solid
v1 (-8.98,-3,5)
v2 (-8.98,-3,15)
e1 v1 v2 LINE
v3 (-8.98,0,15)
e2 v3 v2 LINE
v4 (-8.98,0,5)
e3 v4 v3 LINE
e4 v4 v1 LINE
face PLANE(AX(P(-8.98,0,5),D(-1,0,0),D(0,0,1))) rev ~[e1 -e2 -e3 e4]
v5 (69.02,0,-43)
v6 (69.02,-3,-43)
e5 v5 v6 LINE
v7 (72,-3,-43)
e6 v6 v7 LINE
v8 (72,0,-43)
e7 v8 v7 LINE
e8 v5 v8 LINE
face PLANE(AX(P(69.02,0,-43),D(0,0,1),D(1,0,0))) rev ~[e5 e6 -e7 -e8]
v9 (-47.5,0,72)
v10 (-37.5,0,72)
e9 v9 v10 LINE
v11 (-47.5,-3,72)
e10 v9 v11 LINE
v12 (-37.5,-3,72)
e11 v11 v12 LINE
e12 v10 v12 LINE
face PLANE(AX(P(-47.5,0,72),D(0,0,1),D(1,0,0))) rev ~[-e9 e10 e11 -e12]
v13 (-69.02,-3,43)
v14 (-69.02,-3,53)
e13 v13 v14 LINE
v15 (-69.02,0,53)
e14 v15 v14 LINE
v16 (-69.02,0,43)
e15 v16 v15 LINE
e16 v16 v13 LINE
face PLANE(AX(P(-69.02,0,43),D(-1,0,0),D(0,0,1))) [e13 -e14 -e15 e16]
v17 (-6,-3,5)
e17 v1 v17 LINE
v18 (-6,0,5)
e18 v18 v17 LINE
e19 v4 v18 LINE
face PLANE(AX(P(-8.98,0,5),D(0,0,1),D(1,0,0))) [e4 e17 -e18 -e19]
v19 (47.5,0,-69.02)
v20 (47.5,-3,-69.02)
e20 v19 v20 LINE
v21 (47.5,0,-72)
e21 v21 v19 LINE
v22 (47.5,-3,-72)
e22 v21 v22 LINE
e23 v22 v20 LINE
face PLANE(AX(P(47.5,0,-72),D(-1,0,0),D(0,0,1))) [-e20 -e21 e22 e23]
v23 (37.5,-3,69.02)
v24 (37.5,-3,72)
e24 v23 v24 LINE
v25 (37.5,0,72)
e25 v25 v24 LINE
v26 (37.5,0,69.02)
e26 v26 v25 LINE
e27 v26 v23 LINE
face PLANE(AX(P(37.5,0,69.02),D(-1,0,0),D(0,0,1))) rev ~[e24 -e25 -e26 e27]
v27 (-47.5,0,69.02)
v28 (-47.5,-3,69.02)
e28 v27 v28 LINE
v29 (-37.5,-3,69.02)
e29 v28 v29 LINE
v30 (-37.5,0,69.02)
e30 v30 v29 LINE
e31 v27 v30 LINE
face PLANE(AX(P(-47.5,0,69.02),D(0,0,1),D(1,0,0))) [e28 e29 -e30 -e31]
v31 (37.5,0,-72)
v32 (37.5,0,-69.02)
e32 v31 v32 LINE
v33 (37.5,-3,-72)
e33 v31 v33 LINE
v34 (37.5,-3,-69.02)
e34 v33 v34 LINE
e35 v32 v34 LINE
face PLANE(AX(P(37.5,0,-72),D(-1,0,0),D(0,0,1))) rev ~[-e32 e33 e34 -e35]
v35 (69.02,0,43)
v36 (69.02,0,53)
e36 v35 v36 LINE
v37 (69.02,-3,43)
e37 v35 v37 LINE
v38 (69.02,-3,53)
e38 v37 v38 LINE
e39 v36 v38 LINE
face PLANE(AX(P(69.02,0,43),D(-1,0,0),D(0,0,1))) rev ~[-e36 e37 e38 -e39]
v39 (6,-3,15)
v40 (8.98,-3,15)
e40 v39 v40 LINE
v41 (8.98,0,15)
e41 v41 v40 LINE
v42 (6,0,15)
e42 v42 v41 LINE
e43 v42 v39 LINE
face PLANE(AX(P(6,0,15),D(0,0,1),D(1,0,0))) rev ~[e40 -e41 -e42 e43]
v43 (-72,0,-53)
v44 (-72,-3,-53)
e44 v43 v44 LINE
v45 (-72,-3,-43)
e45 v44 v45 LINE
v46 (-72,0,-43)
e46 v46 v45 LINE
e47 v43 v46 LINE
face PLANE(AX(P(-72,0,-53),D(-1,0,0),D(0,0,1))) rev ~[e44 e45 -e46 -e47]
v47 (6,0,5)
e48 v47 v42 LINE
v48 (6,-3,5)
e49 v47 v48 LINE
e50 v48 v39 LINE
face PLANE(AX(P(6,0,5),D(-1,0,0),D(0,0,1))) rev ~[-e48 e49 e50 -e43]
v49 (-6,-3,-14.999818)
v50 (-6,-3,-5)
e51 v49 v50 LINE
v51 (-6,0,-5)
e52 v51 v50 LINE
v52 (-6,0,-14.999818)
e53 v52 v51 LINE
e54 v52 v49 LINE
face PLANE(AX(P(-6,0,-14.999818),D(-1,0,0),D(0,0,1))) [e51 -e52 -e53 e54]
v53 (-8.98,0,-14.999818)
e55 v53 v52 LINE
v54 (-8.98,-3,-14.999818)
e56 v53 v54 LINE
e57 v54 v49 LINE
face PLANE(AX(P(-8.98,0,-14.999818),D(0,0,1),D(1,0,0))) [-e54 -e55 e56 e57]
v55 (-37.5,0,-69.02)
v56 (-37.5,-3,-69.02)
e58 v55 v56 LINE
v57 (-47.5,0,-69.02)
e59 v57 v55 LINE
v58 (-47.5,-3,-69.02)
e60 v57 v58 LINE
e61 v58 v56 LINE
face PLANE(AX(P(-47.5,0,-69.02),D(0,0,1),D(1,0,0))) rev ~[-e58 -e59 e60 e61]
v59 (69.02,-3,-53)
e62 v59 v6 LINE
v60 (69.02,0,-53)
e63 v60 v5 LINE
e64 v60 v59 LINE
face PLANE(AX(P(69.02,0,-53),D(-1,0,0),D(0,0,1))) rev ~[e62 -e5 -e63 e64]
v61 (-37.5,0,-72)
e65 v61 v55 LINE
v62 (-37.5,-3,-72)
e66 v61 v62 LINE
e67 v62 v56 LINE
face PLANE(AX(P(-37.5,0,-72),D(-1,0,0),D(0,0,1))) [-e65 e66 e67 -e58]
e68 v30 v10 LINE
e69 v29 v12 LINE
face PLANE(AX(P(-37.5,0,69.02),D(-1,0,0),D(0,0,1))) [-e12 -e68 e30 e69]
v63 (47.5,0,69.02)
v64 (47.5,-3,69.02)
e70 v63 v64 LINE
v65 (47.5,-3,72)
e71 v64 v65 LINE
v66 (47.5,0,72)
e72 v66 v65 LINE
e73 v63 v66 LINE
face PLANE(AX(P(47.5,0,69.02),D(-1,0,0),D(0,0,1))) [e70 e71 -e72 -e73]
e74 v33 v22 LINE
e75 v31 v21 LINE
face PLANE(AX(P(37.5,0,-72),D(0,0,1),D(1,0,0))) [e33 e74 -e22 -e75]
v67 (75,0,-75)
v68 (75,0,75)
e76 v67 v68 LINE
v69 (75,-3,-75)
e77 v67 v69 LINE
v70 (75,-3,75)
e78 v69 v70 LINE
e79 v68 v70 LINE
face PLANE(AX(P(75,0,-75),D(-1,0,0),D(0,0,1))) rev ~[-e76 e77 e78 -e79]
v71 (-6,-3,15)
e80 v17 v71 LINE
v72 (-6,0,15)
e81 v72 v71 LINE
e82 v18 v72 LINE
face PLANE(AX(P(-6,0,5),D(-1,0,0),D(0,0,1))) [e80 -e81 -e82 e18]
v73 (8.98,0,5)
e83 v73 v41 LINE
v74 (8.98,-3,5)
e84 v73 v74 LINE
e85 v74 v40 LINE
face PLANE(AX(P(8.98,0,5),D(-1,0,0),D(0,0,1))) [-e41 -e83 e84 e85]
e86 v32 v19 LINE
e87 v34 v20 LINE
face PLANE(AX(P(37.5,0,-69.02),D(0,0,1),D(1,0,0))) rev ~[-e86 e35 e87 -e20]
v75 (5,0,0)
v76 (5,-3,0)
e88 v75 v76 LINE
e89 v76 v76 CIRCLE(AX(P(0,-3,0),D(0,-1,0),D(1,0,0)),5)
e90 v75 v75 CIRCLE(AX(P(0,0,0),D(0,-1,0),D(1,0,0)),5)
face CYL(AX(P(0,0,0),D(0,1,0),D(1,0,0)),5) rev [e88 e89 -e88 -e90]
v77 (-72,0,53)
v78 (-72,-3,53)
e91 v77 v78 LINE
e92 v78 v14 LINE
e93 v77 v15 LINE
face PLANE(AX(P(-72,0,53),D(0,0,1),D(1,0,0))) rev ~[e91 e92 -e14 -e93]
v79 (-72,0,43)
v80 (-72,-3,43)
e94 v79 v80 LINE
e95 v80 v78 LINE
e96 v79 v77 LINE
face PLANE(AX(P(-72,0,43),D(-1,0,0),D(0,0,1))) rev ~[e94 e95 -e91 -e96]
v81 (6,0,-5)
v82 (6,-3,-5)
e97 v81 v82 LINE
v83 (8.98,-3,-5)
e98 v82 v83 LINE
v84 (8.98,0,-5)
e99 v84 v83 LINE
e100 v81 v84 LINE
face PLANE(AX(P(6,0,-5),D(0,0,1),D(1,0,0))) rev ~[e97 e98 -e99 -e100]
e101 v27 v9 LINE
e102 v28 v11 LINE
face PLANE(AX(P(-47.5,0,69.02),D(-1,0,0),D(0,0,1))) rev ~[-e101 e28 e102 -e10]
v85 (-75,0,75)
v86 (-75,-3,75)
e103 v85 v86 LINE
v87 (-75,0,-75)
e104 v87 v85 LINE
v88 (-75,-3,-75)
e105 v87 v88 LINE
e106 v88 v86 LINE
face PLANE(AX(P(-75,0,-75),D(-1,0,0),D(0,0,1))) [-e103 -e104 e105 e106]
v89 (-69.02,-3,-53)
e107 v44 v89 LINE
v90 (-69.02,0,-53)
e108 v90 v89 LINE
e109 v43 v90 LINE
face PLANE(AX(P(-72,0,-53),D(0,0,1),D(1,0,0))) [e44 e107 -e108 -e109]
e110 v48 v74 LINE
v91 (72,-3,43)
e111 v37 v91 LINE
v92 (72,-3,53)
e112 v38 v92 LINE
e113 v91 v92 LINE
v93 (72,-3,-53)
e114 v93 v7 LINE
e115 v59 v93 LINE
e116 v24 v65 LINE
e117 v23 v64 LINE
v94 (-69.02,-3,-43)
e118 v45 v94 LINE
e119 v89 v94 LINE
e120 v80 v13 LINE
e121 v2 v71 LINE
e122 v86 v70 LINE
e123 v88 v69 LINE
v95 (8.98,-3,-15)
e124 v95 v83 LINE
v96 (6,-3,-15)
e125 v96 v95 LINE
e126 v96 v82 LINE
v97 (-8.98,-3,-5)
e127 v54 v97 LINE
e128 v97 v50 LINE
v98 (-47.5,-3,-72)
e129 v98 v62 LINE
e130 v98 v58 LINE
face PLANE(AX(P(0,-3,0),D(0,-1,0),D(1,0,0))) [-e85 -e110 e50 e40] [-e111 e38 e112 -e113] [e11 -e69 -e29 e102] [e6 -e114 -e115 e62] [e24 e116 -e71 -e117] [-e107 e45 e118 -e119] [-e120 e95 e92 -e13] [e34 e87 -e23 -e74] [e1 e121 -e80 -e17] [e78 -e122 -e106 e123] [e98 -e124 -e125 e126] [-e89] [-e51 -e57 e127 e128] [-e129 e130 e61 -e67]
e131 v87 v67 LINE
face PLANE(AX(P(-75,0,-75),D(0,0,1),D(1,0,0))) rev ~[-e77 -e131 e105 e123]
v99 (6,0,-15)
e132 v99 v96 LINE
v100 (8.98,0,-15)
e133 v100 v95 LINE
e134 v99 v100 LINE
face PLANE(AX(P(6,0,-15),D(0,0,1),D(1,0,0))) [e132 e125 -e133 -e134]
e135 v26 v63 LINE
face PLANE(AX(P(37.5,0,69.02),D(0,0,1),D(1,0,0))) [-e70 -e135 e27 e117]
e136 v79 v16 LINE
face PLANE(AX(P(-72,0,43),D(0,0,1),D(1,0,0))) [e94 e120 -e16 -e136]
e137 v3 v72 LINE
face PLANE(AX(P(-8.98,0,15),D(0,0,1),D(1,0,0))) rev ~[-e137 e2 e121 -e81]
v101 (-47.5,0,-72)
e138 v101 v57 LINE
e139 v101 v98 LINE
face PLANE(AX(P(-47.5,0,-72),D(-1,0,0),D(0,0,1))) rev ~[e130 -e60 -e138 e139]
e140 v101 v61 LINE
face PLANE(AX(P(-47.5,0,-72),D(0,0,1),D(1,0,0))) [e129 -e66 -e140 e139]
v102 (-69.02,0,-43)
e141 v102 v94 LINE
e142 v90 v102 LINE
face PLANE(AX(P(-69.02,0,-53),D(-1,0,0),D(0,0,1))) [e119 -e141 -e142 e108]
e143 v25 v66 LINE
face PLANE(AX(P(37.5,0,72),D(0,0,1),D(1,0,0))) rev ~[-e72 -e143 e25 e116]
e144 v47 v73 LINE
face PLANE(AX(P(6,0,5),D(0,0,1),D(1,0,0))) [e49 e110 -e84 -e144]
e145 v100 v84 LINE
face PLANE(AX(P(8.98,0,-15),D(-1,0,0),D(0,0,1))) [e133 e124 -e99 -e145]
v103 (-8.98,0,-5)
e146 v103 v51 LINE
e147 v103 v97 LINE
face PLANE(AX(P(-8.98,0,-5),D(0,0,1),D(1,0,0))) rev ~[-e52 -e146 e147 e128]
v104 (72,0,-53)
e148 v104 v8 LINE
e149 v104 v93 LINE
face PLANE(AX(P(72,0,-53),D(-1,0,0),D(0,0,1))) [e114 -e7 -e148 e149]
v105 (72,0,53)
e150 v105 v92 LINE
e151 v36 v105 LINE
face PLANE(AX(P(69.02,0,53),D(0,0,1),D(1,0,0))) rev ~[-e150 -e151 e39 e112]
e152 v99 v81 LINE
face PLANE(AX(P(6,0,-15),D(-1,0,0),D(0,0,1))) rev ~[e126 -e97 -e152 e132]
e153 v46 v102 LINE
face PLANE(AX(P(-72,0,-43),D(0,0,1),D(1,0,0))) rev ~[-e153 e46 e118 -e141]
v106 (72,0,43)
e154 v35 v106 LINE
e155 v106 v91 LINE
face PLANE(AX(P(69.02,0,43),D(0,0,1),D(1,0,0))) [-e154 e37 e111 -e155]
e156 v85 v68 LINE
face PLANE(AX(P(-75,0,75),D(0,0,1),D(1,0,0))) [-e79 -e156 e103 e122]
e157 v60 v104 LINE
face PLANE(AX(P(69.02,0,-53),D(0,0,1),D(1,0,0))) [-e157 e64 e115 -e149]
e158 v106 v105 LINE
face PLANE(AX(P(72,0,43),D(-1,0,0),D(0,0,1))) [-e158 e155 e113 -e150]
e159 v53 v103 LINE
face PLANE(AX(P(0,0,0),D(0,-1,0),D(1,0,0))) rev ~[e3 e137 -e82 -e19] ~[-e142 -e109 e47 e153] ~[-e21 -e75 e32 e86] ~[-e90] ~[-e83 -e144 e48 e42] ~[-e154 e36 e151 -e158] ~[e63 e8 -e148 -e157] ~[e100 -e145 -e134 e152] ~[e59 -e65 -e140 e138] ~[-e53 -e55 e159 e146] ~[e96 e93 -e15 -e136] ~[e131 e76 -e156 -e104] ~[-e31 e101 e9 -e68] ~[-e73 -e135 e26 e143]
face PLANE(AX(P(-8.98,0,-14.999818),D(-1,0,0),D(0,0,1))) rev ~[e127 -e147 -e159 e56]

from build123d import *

# Parameters (mm, degrees)
F0_W     = 150
F0_H     = 150
F0_W_2   = 10
F0_H_2   = 2.98
F0_W_3   = 2.98
F0_H_3   = 10
F0_H_4   = 9.999817
F0_R     = 5
F1_DEPTH = 3


with BuildPart() as f1:
    # F0 (on Front) → F1 (new body)
    with BuildSketch(Plane.XZ):
        Rectangle(F0_W, F0_H)
        with Locations((-42.5, -70.51)):
            Rectangle(F0_W_2, F0_H_2, mode=Mode.SUBTRACT)
        with Locations((-70.51, -48)):
            Rectangle(F0_W_3, F0_H_3, mode=Mode.SUBTRACT)
        with Locations((-7.49, -9.999909)):
            Rectangle(F0_W_3, F0_H_4, mode=Mode.SUBTRACT)
        with Locations((42.5, -70.51)):
            Rectangle(F0_W_2, F0_H_2, mode=Mode.SUBTRACT)
        with Locations((70.51, -48)):
            Rectangle(F0_W_3, F0_H_3, mode=Mode.SUBTRACT)
        with Locations((7.49, -10)):
            Rectangle(F0_W_3, F0_H_3, mode=Mode.SUBTRACT)
        with Locations((-7.49, 10)):
            Rectangle(F0_W_3, F0_H_3, mode=Mode.SUBTRACT)
        with Locations((-70.51, 48)):
            Rectangle(F0_W_3, F0_H_3, mode=Mode.SUBTRACT)
        with Locations((-42.5, 70.51)):
            Rectangle(F0_W_2, F0_H_2, mode=Mode.SUBTRACT)
        Circle(F0_R, mode=Mode.SUBTRACT)
        with Locations((7.49, 10)):
            Rectangle(F0_W_3, F0_H_3, mode=Mode.SUBTRACT)
        with Locations((70.51, 48)):
            Rectangle(F0_W_3, F0_H_3, mode=Mode.SUBTRACT)
        with Locations((42.5, 70.51)):
            Rectangle(F0_W_2, F0_H_2, mode=Mode.SUBTRACT)
    extrude(amount=F1_DEPTH)


solid = f1.part
